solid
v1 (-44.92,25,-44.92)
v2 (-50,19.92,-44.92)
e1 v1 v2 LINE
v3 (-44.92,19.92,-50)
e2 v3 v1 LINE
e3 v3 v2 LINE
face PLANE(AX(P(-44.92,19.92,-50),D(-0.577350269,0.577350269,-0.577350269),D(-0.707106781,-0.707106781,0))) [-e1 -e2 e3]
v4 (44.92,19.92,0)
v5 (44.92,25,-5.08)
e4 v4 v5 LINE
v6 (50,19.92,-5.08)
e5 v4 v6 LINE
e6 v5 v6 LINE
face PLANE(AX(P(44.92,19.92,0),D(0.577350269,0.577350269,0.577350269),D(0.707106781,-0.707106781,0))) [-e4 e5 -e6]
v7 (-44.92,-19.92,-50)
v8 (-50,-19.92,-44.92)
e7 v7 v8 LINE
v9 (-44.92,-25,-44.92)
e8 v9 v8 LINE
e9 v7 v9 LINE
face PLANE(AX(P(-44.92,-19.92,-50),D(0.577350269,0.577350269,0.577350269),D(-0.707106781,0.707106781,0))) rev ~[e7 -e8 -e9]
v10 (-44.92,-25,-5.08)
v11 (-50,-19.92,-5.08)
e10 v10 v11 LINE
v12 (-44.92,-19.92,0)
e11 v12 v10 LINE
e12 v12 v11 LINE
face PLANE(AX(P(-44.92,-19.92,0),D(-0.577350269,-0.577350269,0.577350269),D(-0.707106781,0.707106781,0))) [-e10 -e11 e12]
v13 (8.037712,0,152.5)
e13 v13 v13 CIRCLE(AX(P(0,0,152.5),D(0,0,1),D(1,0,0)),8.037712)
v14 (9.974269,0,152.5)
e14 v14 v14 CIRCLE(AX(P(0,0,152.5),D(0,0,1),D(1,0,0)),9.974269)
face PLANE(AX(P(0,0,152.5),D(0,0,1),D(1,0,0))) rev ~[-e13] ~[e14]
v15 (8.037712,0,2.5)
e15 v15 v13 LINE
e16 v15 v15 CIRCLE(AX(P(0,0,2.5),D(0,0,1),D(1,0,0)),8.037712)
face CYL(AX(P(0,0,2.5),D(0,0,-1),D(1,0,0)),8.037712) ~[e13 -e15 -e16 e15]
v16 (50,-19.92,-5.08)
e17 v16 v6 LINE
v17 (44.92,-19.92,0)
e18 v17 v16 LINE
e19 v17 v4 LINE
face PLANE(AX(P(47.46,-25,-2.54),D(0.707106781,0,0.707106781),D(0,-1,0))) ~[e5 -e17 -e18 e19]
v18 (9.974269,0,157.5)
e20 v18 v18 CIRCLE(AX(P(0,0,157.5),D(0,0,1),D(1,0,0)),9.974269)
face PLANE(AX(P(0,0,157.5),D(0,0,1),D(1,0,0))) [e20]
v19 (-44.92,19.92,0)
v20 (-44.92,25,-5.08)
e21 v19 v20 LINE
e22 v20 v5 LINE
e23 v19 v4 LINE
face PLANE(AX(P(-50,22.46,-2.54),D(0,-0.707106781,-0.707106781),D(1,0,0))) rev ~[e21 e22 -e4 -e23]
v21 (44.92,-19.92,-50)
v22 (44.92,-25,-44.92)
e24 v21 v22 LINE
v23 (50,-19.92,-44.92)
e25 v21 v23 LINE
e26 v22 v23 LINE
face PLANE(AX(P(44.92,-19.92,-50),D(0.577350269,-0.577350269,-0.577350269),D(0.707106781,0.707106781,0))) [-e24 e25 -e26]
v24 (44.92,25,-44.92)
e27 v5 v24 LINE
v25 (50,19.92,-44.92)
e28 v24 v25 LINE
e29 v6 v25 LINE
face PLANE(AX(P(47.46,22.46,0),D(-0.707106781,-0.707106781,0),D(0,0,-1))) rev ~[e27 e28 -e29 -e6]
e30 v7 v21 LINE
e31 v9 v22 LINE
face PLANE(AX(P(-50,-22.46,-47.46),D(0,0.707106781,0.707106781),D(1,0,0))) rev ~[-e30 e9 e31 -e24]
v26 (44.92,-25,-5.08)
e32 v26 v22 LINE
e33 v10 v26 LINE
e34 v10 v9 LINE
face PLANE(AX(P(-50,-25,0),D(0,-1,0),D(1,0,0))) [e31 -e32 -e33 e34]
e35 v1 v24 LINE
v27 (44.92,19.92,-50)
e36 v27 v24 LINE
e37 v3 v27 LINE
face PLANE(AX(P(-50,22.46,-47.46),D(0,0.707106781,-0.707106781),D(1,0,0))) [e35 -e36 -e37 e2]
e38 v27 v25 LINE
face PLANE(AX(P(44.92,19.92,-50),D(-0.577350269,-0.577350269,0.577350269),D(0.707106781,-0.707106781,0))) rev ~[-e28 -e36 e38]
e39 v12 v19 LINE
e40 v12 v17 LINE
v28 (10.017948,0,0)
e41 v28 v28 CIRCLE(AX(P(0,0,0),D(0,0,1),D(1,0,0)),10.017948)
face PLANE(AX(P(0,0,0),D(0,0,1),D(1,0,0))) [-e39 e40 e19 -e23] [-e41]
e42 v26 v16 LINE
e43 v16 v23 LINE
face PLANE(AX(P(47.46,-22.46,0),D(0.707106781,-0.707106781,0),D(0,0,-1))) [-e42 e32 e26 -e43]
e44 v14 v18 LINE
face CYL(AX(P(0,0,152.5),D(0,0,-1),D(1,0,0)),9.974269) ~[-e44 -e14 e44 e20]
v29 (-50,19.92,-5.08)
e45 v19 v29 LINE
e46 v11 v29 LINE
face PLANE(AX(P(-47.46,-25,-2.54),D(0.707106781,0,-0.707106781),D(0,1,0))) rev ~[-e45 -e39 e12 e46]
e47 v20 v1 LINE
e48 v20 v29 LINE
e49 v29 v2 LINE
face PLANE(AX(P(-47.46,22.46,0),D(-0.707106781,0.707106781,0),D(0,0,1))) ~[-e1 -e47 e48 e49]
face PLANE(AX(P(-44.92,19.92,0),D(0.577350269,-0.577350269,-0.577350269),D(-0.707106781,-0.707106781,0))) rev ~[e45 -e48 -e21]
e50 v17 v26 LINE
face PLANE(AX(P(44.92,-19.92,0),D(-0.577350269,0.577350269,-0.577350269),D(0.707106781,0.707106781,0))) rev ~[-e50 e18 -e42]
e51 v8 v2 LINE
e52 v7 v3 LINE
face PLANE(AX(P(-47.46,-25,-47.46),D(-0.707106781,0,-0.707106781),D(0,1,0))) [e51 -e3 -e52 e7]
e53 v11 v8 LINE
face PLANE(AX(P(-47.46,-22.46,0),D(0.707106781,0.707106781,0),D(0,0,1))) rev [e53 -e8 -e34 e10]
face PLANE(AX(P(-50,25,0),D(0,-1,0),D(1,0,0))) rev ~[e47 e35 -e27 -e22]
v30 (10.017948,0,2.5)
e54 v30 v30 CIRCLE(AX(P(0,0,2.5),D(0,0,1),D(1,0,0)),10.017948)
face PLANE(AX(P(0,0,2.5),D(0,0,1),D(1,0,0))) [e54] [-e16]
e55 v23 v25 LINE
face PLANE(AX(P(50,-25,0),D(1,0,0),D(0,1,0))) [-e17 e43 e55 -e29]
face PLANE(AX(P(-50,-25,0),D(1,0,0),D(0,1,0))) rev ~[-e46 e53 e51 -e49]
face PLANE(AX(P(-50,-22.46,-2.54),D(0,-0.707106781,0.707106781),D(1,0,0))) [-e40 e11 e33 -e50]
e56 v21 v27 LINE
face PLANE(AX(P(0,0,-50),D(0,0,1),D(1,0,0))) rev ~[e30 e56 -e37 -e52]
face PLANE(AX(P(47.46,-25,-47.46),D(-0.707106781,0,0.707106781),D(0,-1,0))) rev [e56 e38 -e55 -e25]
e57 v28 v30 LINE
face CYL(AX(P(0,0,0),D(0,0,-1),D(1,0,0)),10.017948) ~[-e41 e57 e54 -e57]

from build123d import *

# Parameters (mm, degrees)
F0_R     = 10.017948
F1_DEPTH = 2.5
F2_R     = 8.037712
F3_DEPTH = 150
F4_R     = 9.974269
F6_DEPTH = 5
F5_W     = 100
F5_H     = 50
F7_DEPTH = 50
F8_SIZE  = 5.08


with BuildPart() as f1:
    # F0 (on Top) → F1 (new body)
    with BuildSketch(Plane.XY):
        Circle(F0_R)
    extrude(amount=F1_DEPTH)

    # F2 (on face) → F3 (join)
    with BuildSketch(Plane.XY.offset(2.5)):
        Circle(F2_R)
    extrude(amount=F3_DEPTH)

    # F4 (on face) → F6 (join)
    with BuildSketch(Plane.XY.offset(152.5)):
        Circle(F4_R)
    extrude(amount=F6_DEPTH)

    # F5 (on Top) → F7 (join)
    with BuildSketch(Plane.XY):
        Rectangle(F5_W, F5_H)
    extrude(amount=-F7_DEPTH)

    # F8
    f8_edges = [f1.edges().sort_by_distance(p)[0] for p in [
        (-50, -25, -25),
        (50, -25, -25),
        (0, -25, 0),
        (0, -25, -50),
        (50, 25, -25),
        (-50, 25, -25),
        (0, 25, 0),
        (0, 25, -50),
        (-50, 0, -50),
        (50, 0, -50),
        (50, 0, 0),
        (-50, 0, 0),
    ]]
    chamfer(f8_edges, length=F8_SIZE)


solid = f1.part
